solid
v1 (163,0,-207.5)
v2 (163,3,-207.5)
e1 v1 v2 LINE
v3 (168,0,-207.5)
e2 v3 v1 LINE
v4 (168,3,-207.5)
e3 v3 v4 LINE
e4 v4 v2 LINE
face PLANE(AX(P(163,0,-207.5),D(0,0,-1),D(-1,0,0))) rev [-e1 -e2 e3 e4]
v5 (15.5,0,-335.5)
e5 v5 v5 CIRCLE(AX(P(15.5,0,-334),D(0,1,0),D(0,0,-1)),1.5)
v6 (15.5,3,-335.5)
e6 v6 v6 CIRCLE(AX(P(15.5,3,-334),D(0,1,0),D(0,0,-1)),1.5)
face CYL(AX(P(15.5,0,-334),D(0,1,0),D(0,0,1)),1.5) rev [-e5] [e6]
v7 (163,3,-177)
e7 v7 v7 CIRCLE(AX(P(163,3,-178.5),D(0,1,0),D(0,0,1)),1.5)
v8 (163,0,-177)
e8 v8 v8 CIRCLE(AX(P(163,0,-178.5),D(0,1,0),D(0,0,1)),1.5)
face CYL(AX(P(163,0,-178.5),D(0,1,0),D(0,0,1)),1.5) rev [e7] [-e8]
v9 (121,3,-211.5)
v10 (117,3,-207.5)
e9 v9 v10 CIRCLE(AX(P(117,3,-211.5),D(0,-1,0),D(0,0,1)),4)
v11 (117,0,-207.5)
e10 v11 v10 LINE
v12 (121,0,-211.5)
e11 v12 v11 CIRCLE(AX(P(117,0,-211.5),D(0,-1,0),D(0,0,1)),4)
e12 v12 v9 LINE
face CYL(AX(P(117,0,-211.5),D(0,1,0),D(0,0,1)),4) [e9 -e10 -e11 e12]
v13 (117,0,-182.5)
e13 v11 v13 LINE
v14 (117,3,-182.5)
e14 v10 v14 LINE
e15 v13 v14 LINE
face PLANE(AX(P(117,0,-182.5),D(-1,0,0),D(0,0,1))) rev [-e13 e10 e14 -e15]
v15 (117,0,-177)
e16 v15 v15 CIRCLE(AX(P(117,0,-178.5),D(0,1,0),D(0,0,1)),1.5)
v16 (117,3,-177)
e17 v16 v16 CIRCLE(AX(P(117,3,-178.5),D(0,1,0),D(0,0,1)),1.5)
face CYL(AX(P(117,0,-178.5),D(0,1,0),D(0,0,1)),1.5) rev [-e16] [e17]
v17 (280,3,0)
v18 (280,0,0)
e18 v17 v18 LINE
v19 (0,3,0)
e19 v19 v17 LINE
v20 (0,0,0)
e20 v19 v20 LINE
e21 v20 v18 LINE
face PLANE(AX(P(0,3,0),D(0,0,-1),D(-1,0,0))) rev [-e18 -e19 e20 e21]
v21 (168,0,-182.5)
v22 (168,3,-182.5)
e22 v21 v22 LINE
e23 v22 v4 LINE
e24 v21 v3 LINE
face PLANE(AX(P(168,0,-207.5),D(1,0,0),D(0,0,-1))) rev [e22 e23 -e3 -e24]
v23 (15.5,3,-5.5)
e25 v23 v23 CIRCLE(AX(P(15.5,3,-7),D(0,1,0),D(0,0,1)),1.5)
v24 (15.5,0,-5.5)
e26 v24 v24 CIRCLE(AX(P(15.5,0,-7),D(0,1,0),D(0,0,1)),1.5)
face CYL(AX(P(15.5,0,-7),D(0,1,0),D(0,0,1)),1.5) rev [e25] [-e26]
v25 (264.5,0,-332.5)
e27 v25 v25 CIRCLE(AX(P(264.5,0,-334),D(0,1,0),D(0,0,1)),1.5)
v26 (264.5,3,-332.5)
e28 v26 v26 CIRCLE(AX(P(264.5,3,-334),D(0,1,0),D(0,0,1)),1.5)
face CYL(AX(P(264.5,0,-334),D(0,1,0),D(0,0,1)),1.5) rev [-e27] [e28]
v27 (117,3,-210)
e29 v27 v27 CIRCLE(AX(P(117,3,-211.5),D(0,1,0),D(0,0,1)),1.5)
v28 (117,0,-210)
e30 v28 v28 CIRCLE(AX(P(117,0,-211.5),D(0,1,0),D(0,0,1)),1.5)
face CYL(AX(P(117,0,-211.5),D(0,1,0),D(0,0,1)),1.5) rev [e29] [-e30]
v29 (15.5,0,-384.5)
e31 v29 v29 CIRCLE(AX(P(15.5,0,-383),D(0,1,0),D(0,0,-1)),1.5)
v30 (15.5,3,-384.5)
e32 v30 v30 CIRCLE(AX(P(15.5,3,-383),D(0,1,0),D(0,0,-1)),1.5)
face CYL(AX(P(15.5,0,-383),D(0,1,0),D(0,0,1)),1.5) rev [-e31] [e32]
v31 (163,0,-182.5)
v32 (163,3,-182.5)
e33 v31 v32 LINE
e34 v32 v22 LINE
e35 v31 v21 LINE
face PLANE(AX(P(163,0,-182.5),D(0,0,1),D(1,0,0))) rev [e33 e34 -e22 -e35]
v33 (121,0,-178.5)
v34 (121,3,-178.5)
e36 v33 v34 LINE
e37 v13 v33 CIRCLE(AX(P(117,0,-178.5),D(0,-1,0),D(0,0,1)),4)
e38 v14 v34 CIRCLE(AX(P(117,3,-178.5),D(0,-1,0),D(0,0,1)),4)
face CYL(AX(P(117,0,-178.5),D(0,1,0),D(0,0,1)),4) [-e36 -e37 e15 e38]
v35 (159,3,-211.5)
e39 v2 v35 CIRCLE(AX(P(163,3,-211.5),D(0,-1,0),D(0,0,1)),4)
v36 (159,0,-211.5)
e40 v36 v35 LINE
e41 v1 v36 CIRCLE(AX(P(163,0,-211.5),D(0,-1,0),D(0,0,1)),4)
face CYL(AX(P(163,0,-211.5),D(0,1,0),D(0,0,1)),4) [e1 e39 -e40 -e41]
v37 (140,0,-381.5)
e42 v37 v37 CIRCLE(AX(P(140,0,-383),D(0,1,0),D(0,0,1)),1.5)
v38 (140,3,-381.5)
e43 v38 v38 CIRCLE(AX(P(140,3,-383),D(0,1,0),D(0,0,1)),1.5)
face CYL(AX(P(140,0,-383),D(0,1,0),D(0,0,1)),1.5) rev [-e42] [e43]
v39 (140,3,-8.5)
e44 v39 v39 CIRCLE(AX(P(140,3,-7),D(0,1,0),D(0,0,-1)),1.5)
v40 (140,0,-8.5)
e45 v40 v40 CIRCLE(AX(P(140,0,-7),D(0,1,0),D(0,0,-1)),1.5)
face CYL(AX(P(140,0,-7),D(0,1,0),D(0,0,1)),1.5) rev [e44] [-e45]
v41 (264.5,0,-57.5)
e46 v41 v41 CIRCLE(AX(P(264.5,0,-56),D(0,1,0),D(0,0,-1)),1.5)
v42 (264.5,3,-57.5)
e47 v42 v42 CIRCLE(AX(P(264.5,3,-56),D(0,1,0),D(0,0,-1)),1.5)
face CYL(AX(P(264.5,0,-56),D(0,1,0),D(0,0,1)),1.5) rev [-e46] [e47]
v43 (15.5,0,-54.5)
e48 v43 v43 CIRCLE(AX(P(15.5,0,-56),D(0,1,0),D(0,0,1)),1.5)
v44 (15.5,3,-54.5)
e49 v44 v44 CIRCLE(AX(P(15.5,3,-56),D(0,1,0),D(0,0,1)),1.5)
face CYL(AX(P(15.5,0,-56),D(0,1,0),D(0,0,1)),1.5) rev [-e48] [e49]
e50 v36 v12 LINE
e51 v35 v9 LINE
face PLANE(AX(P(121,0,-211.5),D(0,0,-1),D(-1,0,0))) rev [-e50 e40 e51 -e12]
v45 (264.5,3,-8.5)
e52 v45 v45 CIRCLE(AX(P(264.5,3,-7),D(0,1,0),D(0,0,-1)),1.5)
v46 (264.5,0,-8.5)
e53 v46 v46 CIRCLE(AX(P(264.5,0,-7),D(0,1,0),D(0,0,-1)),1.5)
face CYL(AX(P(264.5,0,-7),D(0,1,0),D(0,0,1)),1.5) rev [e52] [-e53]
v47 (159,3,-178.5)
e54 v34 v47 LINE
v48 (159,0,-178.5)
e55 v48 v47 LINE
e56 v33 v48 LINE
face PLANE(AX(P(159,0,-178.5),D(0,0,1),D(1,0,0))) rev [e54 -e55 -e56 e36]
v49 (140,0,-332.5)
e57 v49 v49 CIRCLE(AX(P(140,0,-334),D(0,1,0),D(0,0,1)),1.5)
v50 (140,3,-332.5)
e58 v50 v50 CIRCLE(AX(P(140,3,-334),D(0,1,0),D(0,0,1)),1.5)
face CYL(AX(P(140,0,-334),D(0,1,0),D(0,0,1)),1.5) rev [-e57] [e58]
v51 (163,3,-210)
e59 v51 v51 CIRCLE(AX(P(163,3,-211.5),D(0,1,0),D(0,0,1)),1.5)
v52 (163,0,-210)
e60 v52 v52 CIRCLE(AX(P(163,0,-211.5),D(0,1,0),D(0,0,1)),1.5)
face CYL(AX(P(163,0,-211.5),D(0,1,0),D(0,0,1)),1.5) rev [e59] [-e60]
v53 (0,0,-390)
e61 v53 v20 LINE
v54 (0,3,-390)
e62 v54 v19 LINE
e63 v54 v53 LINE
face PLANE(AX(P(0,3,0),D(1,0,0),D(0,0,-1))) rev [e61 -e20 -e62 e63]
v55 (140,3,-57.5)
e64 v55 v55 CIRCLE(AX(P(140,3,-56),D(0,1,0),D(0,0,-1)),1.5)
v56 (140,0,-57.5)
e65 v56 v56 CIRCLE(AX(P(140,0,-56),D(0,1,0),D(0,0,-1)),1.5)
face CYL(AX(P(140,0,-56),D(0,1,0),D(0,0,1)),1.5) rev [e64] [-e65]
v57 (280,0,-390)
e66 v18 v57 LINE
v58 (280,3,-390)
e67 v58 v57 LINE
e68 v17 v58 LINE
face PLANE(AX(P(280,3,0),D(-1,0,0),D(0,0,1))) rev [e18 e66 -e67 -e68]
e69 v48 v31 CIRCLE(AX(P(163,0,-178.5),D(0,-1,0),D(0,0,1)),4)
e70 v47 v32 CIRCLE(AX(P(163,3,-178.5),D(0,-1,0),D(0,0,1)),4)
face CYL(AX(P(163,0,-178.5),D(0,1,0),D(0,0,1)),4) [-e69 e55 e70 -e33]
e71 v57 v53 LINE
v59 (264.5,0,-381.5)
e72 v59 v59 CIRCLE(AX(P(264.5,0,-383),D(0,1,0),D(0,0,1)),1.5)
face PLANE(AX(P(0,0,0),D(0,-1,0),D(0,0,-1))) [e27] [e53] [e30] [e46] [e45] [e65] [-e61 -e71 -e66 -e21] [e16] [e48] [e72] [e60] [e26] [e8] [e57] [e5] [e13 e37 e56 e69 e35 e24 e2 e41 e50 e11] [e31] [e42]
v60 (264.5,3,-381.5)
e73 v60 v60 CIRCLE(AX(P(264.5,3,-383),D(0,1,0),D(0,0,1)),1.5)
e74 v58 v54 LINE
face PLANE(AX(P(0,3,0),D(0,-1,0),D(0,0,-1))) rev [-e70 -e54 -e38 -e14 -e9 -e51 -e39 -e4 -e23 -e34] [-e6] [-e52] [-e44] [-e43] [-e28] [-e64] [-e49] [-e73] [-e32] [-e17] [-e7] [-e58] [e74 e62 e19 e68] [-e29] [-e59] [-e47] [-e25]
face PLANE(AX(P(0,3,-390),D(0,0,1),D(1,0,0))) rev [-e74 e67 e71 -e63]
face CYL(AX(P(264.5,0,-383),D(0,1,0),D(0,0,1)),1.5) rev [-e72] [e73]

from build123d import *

# Parameters (mm, degrees)
SKETCH_1_W          = 280
SKETCH_1_H          = 390
EXTRUDE_1_DEPTH     = 3
SKETCH_2_R          = 1.5
CUT_EXTRUDE_1_DEPTH = 481.113528241
SKETCH_3_R          = 1.5
CUT_EXTRUDE_2_DEPTH = 481.113528241
CUT_EXTRUDE_5_DEPTH = 481.113528241
SKETCH_7_W          = 5
SKETCH_7_H          = 25
CUT_EXTRUDE_6_DEPTH = 481.113528241


with BuildPart() as part:
    # 草图1 → 凸台-拉伸1 (new body)
    with BuildSketch(Plane(origin=(0, 0, 0), x_dir=(1, 0, 0), z_dir=(0, 1, 0))):
        with Locations((140, 195)):
            Rectangle(SKETCH_1_W, SKETCH_1_H)
    extrude(amount=EXTRUDE_1_DEPTH)

    # 草图2 → 切除-拉伸1 (cut, through all)
    with BuildSketch(Plane(origin=(0, 3, 0), x_dir=(1, 0, 0), z_dir=(0, 1, 0))):
        with Locations(Location((140, 383, 0), (0, 0, 270))):
            Circle(SKETCH_2_R)
        with Locations(Location((140, 334, 0), (0, 0, 270))):
            Circle(SKETCH_2_R)
        with Locations(Location((264.5, 383, 0), (0, 0, 270))):
            Circle(SKETCH_2_R)
        with Locations(Location((264.5, 334, 0), (0, 0, 270))):
            Circle(SKETCH_2_R)
        with Locations(Location((15.5, 383, 0), (0, 0, 90))):
            Circle(SKETCH_2_R)
        with Locations(Location((15.5, 334, 0), (0, 0, 90))):
            Circle(SKETCH_2_R)
        with Locations(Location((264.5, 56, 0), (0, 0, 90))):
            Circle(SKETCH_2_R)
        with Locations(Location((264.5, 7, 0), (0, 0, 90))):
            Circle(SKETCH_2_R)
        with Locations(Location((140, 7, 0), (0, 0, 90))):
            Circle(SKETCH_2_R)
        with Locations(Location((140, 56, 0), (0, 0, 90))):
            Circle(SKETCH_2_R)
        with Locations(Location((15.5, 56, 0), (0, 0, 270))):
            Circle(SKETCH_2_R)
        with Locations(Location((15.5, 7, 0), (0, 0, 270))):
            Circle(SKETCH_2_R)
    extrude(amount=-CUT_EXTRUDE_1_DEPTH, mode=Mode.SUBTRACT)

    # 草图3 → 切除-拉伸2 (cut, through all)
    with BuildSketch(Plane(origin=(0, 3, 0), x_dir=(1, 0, 0), z_dir=(0, 1, 0))):
        with Locations(Location((117, 211.5, 0), (0, 0, 270))):
            Circle(SKETCH_3_R)
        with Locations(Location((163, 211.5, 0), (0, 0, 270))):
            Circle(SKETCH_3_R)
        with Locations(Location((163, 178.5, 0), (0, 0, 270))):
            Circle(SKETCH_3_R)
        with Locations(Location((117, 178.5, 0), (0, 0, 270))):
            Circle(SKETCH_3_R)
    extrude(amount=-CUT_EXTRUDE_2_DEPTH, mode=Mode.SUBTRACT)

    # 草图6 → 切除-拉伸5 (cut, through all)
    with BuildSketch(Plane(origin=(0, 3, 0), x_dir=(1, 0, 0), z_dir=(0, 1, 0))):
        with BuildLine():
            Line((121, 211.5), (159, 211.5))
            ThreePointArc((159, 211.5), (160.171572875, 208.671572875), (163, 207.5))
            Line((163, 207.5), (163, 182.5))
            ThreePointArc((163, 182.5), (160.171572875, 181.328427125), (159, 178.5))
            Line((159, 178.5), (121, 178.5))
            ThreePointArc((121, 178.5), (119.828427125, 181.328427125), (117, 182.5))
            Line((117, 182.5), (117, 207.5))
            ThreePointArc((117, 207.5), (119.828427125, 208.671572875), (121, 211.5))
        make_face()
    extrude(amount=-CUT_EXTRUDE_5_DEPTH, mode=Mode.SUBTRACT)

    # 草图7 → 切除-拉伸6 (cut, through all)
    with BuildSketch(Plane(origin=(0, 3, 0), x_dir=(1, 0, 0), z_dir=(0, 1, 0))):
        with Locations((165.5, 195)):
            Rectangle(SKETCH_7_W, SKETCH_7_H)
    extrude(amount=-CUT_EXTRUDE_6_DEPTH, mode=Mode.SUBTRACT)


solid = part.part
